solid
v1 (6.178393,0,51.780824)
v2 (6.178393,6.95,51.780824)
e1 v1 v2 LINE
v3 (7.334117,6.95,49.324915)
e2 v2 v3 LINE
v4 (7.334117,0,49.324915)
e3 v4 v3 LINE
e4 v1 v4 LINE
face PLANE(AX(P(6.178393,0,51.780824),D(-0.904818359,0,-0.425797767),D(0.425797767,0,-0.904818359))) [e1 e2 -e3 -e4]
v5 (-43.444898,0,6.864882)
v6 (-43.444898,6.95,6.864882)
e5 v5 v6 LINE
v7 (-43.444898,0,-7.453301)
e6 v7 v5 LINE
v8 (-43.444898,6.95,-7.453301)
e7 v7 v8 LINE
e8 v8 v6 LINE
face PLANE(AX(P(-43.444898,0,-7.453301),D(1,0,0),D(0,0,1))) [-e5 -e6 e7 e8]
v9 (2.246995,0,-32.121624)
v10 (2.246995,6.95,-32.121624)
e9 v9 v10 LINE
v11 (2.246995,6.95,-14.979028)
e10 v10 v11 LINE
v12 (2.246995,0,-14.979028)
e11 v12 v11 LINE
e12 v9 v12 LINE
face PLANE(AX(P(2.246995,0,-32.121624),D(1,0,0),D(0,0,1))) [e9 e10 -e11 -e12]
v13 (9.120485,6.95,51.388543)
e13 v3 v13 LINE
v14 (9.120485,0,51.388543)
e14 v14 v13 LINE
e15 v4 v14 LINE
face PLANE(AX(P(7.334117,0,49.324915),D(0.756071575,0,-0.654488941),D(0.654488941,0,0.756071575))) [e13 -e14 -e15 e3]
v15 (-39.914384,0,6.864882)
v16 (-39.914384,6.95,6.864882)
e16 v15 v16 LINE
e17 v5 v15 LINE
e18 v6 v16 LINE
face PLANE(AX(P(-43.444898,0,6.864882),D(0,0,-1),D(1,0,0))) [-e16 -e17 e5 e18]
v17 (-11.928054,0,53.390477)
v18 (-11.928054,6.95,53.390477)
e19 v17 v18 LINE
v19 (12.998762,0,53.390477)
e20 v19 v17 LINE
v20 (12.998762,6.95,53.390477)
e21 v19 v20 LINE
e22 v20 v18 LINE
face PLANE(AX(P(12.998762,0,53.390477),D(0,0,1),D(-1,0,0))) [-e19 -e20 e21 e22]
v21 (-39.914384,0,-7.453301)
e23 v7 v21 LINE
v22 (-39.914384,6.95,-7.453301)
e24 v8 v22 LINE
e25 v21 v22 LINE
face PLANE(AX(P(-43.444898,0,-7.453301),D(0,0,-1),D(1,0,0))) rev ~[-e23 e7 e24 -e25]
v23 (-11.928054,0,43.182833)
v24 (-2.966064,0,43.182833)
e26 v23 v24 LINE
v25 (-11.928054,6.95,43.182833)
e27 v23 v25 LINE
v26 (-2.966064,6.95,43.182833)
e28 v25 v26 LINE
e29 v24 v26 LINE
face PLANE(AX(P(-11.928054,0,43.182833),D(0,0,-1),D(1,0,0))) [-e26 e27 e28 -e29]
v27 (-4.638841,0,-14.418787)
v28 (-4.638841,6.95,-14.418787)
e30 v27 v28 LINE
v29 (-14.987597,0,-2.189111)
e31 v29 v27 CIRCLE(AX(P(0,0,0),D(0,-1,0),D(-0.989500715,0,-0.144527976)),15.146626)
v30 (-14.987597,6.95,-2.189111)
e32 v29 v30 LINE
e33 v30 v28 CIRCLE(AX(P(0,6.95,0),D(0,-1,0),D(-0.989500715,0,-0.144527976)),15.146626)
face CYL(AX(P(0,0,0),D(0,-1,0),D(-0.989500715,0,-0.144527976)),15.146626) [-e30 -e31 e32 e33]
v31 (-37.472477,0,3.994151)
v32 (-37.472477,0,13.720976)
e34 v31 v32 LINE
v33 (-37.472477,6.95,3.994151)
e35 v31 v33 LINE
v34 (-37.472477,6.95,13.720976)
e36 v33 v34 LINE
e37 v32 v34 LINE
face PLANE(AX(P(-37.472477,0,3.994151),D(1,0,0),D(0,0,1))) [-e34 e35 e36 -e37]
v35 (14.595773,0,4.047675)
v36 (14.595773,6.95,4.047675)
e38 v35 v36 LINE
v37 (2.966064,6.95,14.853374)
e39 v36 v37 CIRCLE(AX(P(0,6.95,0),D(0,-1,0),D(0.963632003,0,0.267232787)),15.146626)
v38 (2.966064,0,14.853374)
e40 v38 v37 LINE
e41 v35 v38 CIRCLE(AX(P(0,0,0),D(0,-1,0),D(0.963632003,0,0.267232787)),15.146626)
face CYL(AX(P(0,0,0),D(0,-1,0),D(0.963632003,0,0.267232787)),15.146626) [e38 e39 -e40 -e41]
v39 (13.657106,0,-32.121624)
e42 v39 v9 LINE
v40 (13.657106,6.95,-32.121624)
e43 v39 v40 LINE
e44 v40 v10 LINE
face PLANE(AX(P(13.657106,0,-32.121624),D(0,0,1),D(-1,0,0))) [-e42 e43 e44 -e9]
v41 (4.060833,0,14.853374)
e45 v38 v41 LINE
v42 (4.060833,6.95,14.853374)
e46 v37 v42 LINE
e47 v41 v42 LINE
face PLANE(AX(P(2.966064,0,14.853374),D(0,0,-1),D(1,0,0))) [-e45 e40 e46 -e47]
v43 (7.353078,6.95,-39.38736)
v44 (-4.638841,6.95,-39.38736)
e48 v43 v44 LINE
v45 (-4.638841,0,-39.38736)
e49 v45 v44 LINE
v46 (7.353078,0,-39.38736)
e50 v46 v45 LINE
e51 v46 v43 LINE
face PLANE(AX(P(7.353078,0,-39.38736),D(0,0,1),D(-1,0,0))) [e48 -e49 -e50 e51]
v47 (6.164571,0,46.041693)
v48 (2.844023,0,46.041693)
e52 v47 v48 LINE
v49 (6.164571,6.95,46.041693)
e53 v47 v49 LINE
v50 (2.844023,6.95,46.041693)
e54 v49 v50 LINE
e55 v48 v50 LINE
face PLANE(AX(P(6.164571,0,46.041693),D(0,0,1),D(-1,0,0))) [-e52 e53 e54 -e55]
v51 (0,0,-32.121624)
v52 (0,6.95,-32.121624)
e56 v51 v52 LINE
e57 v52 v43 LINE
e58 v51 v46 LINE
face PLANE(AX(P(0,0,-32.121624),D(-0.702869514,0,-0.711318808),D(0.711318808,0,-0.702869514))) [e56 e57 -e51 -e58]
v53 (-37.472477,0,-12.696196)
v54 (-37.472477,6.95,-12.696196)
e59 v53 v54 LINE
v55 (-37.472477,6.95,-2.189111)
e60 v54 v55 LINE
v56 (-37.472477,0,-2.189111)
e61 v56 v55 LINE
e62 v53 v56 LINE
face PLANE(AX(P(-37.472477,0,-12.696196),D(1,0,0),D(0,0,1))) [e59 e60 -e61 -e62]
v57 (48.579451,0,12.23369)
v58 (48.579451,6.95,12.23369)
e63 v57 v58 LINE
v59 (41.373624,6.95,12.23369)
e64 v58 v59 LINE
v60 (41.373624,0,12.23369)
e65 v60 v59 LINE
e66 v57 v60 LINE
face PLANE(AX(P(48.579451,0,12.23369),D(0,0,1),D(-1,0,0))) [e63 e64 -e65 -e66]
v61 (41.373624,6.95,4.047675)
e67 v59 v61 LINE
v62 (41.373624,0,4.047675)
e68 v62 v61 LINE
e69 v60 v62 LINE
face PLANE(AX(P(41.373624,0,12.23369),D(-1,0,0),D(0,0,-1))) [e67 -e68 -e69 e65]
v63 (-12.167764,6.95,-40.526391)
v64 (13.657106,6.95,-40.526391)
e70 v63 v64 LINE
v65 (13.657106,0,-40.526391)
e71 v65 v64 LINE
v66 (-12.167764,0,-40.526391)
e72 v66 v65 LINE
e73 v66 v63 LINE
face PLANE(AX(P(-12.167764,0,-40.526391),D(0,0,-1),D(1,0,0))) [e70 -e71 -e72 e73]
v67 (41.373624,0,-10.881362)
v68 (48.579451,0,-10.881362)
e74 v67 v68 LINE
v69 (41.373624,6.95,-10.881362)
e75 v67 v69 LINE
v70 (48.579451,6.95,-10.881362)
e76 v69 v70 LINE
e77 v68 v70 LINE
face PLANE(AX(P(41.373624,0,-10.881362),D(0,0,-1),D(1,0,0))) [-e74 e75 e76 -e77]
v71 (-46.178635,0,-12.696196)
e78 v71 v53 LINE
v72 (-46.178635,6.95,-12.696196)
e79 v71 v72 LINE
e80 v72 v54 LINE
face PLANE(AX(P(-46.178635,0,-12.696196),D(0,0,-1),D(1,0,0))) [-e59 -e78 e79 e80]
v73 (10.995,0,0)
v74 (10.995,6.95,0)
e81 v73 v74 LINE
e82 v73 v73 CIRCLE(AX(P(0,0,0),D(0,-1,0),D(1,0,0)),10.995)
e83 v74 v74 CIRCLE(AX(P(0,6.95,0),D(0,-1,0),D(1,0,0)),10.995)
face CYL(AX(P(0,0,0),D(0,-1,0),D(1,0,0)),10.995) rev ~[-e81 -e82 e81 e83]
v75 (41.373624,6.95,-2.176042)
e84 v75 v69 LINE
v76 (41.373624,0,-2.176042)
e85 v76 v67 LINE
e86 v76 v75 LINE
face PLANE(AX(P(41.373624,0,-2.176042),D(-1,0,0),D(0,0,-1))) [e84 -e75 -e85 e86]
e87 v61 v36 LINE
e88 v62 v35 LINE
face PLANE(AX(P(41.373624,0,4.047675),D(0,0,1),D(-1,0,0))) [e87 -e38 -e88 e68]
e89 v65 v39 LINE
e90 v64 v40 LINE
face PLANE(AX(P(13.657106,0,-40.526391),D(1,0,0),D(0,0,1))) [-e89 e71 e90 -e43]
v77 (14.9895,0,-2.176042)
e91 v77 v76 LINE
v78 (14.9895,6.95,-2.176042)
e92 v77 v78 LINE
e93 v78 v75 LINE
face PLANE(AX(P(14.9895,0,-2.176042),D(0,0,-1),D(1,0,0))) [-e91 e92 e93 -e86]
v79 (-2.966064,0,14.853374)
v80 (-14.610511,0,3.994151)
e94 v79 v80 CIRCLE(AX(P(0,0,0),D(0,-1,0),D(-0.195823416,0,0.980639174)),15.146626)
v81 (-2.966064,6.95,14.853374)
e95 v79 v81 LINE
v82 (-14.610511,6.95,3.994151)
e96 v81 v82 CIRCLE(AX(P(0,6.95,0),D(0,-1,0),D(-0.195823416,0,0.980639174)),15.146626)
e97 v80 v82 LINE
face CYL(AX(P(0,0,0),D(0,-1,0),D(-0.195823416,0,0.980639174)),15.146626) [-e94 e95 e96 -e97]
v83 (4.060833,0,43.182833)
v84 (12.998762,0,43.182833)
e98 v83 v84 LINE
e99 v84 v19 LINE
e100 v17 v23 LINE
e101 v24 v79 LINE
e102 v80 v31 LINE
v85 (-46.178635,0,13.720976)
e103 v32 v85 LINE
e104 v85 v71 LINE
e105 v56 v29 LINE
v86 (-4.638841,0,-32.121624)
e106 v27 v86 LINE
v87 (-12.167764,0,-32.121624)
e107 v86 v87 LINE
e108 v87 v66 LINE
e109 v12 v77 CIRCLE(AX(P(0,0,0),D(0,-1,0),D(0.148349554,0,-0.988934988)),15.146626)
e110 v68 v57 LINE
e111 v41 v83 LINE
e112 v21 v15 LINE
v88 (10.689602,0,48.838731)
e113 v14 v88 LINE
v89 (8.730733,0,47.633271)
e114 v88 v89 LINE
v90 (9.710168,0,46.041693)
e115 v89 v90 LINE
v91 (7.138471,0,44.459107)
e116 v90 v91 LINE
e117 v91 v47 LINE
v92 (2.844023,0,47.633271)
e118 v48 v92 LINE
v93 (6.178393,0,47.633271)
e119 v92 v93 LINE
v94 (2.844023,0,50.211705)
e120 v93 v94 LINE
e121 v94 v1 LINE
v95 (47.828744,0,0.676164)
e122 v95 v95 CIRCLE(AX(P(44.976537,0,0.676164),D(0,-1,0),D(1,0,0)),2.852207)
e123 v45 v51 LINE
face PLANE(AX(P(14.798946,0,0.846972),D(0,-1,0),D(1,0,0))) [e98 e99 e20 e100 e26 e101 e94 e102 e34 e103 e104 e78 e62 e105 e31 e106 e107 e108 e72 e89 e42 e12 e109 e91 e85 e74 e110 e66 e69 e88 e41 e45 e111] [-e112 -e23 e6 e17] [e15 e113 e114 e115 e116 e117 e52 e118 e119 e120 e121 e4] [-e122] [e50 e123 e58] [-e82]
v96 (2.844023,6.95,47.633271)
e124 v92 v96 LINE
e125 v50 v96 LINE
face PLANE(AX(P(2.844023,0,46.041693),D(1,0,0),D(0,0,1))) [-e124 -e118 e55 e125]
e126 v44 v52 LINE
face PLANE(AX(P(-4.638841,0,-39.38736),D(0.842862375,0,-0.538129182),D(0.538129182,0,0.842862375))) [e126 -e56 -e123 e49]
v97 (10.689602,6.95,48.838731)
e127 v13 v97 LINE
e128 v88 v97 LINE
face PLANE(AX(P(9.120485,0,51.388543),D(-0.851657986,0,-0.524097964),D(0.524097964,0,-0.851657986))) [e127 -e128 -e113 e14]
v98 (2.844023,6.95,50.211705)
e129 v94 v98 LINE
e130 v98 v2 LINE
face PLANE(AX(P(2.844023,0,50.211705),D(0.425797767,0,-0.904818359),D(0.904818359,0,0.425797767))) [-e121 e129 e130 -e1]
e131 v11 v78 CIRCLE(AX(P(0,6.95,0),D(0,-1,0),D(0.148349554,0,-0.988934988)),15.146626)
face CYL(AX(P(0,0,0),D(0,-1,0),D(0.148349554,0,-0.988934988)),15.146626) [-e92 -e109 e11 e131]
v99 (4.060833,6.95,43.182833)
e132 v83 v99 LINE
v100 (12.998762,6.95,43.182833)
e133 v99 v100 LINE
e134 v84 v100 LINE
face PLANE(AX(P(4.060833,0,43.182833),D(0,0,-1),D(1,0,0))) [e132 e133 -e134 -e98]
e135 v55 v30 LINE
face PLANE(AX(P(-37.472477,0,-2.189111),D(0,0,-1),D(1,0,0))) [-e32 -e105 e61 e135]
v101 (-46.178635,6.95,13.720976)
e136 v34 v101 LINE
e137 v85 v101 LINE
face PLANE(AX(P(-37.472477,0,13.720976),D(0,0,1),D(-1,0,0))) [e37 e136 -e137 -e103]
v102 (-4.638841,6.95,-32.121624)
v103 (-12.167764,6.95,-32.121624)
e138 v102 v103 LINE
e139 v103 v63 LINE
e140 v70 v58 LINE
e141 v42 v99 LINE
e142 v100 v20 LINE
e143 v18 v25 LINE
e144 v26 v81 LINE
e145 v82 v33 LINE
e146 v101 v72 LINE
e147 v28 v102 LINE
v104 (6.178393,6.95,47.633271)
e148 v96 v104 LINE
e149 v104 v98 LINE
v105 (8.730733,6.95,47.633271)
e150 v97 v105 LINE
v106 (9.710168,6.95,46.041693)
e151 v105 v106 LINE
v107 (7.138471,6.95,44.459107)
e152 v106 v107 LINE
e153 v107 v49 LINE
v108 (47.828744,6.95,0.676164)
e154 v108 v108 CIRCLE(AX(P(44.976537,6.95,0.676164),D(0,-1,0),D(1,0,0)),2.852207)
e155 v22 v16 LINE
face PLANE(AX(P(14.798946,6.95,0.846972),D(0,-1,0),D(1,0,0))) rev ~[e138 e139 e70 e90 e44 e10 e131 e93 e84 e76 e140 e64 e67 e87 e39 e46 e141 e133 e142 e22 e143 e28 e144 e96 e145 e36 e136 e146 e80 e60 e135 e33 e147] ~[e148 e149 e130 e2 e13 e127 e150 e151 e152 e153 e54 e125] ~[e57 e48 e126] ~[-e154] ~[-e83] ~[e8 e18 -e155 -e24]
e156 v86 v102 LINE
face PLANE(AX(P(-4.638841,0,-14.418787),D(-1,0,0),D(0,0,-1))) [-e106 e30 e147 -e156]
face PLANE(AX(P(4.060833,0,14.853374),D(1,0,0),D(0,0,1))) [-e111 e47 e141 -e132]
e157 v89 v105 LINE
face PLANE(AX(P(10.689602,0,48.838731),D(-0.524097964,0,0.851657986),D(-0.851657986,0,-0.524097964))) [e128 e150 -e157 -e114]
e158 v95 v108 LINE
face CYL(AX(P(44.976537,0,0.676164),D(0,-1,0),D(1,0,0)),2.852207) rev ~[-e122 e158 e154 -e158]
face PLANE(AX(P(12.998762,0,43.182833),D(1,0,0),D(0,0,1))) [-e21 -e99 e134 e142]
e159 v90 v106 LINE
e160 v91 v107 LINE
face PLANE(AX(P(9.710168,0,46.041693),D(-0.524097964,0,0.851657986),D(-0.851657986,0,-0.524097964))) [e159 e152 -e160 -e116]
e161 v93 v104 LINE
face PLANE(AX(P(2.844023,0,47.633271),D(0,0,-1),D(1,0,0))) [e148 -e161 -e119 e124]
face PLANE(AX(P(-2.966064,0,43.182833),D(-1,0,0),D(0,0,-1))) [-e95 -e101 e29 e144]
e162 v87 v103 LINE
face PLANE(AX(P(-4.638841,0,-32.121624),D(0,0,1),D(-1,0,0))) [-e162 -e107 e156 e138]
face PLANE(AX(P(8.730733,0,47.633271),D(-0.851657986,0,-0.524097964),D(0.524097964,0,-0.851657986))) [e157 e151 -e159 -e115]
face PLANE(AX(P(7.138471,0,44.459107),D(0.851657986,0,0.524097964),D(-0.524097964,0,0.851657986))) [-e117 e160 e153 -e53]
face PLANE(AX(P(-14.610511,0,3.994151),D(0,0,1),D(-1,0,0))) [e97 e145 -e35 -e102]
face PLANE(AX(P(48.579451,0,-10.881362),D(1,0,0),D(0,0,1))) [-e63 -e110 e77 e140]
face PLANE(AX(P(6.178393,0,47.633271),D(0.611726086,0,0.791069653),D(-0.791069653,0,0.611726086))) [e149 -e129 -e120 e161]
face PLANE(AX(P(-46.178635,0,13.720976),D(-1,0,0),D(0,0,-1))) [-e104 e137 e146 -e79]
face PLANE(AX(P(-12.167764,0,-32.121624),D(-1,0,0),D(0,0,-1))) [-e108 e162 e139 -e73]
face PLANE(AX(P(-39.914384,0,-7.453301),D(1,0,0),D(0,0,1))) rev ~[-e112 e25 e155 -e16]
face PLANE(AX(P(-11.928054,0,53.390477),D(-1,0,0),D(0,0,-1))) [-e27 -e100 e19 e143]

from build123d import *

# Parameters (mm, degrees)
F0_R     = 10.995
F0_R_2   = 2.8522068108
F0_W     = 3.5305134952
F0_H     = 14.3181825988
F1_DEPTH = 6.95


with BuildPart() as f1:
    # F0 (on Front) → F1 (new body)
    with BuildSketch(Plane.XZ):
        with BuildLine():
            ThreePointArc((14.9894998618, -2.1760424297), (15.107293089, -1.0908539259), (15.14662559, 0))
            ThreePointArc((15.14662559, 0), (15.0082806812, 2.0424930256), (14.5957731596, 4.0476749669))
            Line((14.5957731596, 4.0476749669), (14.5957731596, -2.1760424297))
            Line((14.5957731596, -2.1760424297), (14.9894998618, -2.1760424297))
        make_face()
        with BuildLine():
            ThreePointArc((14.5957731596, 4.0476749669), (15.0082806812, 2.0424930256), (15.14662559, 0))
            ThreePointArc((15.14662559, 0), (15.107293089, -1.0908539259), (14.9894998618, -2.1760424297))
            Line((14.9894998618, -2.1760424297), (41.3736235458, -2.1760424297))
            Line((41.3736235458, -2.1760424297), (41.3736235458, 4.0476749669))
            Line((41.3736235458, 4.0476749669), (14.5957731596, 4.0476749669))
        make_face()
        with BuildLine():
            Line((14.5957731596, -2.1760424297), (14.5957731596, 4.0476749669))
            ThreePointArc((14.5957731596, 4.0476749669), (10.3099619711, 11.0961682989), (2.9660639576, 14.85337441))
            Line((2.9660639576, 14.85337441), (-2.9660639576, 14.85337441))
            ThreePointArc((-2.9660639576, 14.85337441), (-10.3302795674, 11.0772555637), (-14.6105106865, 3.9941512544))
            Line((-14.6105106865, 3.9941512544), (-14.6105106865, -2.1891111334))
            Line((-14.6105106865, -2.1891111334), (-14.9875968457, -2.1891111334))
            ThreePointArc((-14.9875968457, -2.1891111334), (-11.5624612015, -9.7841585089), (-4.6388409939, -14.4187870848))
            Line((-4.6388409939, -14.4187870848), (2.2469951438, -14.4187870848))
            Line((2.2469951438, -14.4187870848), (2.2469951438, -14.9790279921))
            ThreePointArc((2.2469951438, -14.9790279921), (10.7356089649, -10.6848943334), (14.9894998618, -2.1760424297))
            Line((14.9894998618, -2.1760424297), (14.5957731596, -2.1760424297))
        make_face()
        Circle(F0_R, mode=Mode.SUBTRACT)
        with BuildLine():
            Line((-2.9660639576, 14.85337441), (2.9660639576, 14.85337441))
            ThreePointArc((2.9660639576, 14.85337441), (0, 15.14662559), (-2.9660639576, 14.85337441))
        make_face()
        with BuildLine():
            ThreePointArc((-2.9660639576, 14.85337441), (0, 15.14662559), (2.9660639576, 14.85337441))
            Line((2.9660639576, 14.85337441), (4.0608331902, 14.85337441))
            Line((4.0608331902, 14.85337441), (4.0608331902, 43.1828327542))
            Line((4.0608331902, 43.1828327542), (-2.9660639576, 43.1828327542))
            Line((-2.9660639576, 43.1828327542), (-2.9660639576, 14.85337441))
        make_face()
        Polygon((41.3736235458, 12.2336904777), (41.3736235458, 4.0476749669), (41.3736235458, -2.1760424297), (41.3736235458, -10.8813617154), (48.5794513875, -10.8813617154), (48.5794513875, 12.2336904777), align=None)
        with Locations((44.9765374666, 0.6761643811)):
            Circle(F0_R_2, mode=Mode.SUBTRACT)
        with BuildLine():
            Line((2.2469951438, -32.1216244697), (2.2469951438, -14.9790279921))
            ThreePointArc((2.2469951438, -14.9790279921), (-1.2282911345, -15.0967402989), (-4.6388409939, -14.4187870848))
            Line((-4.6388409939, -14.4187870848), (-4.6388409939, -32.1216244697))
            Line((-4.6388409939, -32.1216244697), (0, -32.1216244697))
            Line((0, -32.1216244697), (2.2469951438, -32.1216244697))
        make_face()
        with BuildLine():
            ThreePointArc((-4.6388409939, -14.4187870848), (-1.2282911345, -15.0967402989), (2.2469951438, -14.9790279921))
            Line((2.2469951438, -14.9790279921), (2.2469951438, -14.4187870848))
            Line((2.2469951438, -14.4187870848), (-4.6388409939, -14.4187870848))
        make_face()
        Polygon((13.6571058018, -32.1216244697), (2.2469951438, -32.1216244697), (0, -32.1216244697), (-4.6388409939, -32.1216244697), (-12.1677635011, -32.1216244697), (-12.1677635011, -40.5263914726), (13.6571058018, -40.5263914726), align=None)
        Polygon((-4.6388409939, -39.3873604088), (0, -32.1216244697), (7.3530783801, -39.3873604088), align=None, mode=Mode.SUBTRACT)
        with BuildLine():
            Line((-14.6105106865, -2.1891111334), (-14.6105106865, 3.9941512544))
            ThreePointArc((-14.6105106865, 3.9941512544), (-15.1185374892, 0.9220037703), (-14.9875968457, -2.1891111334))
            Line((-14.9875968457, -2.1891111334), (-14.6105106865, -2.1891111334))
        make_face()
        with BuildLine():
            ThreePointArc((-14.9875968457, -2.1891111334), (-15.1185374892, 0.9220037703), (-14.6105106865, 3.9941512544))
            Line((-14.6105106865, 3.9941512544), (-37.4724770353, 3.9941512544))
            Line((-37.4724770353, 3.9941512544), (-37.4724770353, -2.1891111334))
            Line((-37.4724770353, -2.1891111334), (-14.9875968457, -2.1891111334))
        make_face()
        Polygon((-11.9280541679, 43.1828327542), (-2.9660639576, 43.1828327542), (4.0608331902, 43.1828327542), (12.9987619274, 43.1828327542), (12.9987619274, 53.3904769023), (-11.9280541679, 53.3904769023), align=None)
        Polygon((7.3341168702, 49.3249146101), (9.120484814, 51.3885430992), (10.6896022335, 48.8387309015), (8.7307332637, 47.6332713678), (9.7101677486, 46.0416925825), (7.1384706286, 44.4591074995), (6.1645707376, 46.0416925825), (2.8440230526, 46.0416925825), (2.8440230526, 47.6332713678), (6.178392563, 47.6332713678), (2.8440230526, 50.2117052674), (6.178392563, 51.7808236182), align=None, mode=Mode.SUBTRACT)
        Polygon((-37.4724770353, -2.1891111334), (-37.4724770353, 3.9941512544), (-37.4724770353, 13.7209764165), (-46.1786346681, 13.7209764165), (-46.1786346681, -12.6961955034), (-37.4724770353, -12.6961955034), align=None)
        with Locations((-41.6796412319, -0.2942092251)):
            Rectangle(F0_W, F0_H, mode=Mode.SUBTRACT)
    extrude(amount=-F1_DEPTH)


solid = f1.part
